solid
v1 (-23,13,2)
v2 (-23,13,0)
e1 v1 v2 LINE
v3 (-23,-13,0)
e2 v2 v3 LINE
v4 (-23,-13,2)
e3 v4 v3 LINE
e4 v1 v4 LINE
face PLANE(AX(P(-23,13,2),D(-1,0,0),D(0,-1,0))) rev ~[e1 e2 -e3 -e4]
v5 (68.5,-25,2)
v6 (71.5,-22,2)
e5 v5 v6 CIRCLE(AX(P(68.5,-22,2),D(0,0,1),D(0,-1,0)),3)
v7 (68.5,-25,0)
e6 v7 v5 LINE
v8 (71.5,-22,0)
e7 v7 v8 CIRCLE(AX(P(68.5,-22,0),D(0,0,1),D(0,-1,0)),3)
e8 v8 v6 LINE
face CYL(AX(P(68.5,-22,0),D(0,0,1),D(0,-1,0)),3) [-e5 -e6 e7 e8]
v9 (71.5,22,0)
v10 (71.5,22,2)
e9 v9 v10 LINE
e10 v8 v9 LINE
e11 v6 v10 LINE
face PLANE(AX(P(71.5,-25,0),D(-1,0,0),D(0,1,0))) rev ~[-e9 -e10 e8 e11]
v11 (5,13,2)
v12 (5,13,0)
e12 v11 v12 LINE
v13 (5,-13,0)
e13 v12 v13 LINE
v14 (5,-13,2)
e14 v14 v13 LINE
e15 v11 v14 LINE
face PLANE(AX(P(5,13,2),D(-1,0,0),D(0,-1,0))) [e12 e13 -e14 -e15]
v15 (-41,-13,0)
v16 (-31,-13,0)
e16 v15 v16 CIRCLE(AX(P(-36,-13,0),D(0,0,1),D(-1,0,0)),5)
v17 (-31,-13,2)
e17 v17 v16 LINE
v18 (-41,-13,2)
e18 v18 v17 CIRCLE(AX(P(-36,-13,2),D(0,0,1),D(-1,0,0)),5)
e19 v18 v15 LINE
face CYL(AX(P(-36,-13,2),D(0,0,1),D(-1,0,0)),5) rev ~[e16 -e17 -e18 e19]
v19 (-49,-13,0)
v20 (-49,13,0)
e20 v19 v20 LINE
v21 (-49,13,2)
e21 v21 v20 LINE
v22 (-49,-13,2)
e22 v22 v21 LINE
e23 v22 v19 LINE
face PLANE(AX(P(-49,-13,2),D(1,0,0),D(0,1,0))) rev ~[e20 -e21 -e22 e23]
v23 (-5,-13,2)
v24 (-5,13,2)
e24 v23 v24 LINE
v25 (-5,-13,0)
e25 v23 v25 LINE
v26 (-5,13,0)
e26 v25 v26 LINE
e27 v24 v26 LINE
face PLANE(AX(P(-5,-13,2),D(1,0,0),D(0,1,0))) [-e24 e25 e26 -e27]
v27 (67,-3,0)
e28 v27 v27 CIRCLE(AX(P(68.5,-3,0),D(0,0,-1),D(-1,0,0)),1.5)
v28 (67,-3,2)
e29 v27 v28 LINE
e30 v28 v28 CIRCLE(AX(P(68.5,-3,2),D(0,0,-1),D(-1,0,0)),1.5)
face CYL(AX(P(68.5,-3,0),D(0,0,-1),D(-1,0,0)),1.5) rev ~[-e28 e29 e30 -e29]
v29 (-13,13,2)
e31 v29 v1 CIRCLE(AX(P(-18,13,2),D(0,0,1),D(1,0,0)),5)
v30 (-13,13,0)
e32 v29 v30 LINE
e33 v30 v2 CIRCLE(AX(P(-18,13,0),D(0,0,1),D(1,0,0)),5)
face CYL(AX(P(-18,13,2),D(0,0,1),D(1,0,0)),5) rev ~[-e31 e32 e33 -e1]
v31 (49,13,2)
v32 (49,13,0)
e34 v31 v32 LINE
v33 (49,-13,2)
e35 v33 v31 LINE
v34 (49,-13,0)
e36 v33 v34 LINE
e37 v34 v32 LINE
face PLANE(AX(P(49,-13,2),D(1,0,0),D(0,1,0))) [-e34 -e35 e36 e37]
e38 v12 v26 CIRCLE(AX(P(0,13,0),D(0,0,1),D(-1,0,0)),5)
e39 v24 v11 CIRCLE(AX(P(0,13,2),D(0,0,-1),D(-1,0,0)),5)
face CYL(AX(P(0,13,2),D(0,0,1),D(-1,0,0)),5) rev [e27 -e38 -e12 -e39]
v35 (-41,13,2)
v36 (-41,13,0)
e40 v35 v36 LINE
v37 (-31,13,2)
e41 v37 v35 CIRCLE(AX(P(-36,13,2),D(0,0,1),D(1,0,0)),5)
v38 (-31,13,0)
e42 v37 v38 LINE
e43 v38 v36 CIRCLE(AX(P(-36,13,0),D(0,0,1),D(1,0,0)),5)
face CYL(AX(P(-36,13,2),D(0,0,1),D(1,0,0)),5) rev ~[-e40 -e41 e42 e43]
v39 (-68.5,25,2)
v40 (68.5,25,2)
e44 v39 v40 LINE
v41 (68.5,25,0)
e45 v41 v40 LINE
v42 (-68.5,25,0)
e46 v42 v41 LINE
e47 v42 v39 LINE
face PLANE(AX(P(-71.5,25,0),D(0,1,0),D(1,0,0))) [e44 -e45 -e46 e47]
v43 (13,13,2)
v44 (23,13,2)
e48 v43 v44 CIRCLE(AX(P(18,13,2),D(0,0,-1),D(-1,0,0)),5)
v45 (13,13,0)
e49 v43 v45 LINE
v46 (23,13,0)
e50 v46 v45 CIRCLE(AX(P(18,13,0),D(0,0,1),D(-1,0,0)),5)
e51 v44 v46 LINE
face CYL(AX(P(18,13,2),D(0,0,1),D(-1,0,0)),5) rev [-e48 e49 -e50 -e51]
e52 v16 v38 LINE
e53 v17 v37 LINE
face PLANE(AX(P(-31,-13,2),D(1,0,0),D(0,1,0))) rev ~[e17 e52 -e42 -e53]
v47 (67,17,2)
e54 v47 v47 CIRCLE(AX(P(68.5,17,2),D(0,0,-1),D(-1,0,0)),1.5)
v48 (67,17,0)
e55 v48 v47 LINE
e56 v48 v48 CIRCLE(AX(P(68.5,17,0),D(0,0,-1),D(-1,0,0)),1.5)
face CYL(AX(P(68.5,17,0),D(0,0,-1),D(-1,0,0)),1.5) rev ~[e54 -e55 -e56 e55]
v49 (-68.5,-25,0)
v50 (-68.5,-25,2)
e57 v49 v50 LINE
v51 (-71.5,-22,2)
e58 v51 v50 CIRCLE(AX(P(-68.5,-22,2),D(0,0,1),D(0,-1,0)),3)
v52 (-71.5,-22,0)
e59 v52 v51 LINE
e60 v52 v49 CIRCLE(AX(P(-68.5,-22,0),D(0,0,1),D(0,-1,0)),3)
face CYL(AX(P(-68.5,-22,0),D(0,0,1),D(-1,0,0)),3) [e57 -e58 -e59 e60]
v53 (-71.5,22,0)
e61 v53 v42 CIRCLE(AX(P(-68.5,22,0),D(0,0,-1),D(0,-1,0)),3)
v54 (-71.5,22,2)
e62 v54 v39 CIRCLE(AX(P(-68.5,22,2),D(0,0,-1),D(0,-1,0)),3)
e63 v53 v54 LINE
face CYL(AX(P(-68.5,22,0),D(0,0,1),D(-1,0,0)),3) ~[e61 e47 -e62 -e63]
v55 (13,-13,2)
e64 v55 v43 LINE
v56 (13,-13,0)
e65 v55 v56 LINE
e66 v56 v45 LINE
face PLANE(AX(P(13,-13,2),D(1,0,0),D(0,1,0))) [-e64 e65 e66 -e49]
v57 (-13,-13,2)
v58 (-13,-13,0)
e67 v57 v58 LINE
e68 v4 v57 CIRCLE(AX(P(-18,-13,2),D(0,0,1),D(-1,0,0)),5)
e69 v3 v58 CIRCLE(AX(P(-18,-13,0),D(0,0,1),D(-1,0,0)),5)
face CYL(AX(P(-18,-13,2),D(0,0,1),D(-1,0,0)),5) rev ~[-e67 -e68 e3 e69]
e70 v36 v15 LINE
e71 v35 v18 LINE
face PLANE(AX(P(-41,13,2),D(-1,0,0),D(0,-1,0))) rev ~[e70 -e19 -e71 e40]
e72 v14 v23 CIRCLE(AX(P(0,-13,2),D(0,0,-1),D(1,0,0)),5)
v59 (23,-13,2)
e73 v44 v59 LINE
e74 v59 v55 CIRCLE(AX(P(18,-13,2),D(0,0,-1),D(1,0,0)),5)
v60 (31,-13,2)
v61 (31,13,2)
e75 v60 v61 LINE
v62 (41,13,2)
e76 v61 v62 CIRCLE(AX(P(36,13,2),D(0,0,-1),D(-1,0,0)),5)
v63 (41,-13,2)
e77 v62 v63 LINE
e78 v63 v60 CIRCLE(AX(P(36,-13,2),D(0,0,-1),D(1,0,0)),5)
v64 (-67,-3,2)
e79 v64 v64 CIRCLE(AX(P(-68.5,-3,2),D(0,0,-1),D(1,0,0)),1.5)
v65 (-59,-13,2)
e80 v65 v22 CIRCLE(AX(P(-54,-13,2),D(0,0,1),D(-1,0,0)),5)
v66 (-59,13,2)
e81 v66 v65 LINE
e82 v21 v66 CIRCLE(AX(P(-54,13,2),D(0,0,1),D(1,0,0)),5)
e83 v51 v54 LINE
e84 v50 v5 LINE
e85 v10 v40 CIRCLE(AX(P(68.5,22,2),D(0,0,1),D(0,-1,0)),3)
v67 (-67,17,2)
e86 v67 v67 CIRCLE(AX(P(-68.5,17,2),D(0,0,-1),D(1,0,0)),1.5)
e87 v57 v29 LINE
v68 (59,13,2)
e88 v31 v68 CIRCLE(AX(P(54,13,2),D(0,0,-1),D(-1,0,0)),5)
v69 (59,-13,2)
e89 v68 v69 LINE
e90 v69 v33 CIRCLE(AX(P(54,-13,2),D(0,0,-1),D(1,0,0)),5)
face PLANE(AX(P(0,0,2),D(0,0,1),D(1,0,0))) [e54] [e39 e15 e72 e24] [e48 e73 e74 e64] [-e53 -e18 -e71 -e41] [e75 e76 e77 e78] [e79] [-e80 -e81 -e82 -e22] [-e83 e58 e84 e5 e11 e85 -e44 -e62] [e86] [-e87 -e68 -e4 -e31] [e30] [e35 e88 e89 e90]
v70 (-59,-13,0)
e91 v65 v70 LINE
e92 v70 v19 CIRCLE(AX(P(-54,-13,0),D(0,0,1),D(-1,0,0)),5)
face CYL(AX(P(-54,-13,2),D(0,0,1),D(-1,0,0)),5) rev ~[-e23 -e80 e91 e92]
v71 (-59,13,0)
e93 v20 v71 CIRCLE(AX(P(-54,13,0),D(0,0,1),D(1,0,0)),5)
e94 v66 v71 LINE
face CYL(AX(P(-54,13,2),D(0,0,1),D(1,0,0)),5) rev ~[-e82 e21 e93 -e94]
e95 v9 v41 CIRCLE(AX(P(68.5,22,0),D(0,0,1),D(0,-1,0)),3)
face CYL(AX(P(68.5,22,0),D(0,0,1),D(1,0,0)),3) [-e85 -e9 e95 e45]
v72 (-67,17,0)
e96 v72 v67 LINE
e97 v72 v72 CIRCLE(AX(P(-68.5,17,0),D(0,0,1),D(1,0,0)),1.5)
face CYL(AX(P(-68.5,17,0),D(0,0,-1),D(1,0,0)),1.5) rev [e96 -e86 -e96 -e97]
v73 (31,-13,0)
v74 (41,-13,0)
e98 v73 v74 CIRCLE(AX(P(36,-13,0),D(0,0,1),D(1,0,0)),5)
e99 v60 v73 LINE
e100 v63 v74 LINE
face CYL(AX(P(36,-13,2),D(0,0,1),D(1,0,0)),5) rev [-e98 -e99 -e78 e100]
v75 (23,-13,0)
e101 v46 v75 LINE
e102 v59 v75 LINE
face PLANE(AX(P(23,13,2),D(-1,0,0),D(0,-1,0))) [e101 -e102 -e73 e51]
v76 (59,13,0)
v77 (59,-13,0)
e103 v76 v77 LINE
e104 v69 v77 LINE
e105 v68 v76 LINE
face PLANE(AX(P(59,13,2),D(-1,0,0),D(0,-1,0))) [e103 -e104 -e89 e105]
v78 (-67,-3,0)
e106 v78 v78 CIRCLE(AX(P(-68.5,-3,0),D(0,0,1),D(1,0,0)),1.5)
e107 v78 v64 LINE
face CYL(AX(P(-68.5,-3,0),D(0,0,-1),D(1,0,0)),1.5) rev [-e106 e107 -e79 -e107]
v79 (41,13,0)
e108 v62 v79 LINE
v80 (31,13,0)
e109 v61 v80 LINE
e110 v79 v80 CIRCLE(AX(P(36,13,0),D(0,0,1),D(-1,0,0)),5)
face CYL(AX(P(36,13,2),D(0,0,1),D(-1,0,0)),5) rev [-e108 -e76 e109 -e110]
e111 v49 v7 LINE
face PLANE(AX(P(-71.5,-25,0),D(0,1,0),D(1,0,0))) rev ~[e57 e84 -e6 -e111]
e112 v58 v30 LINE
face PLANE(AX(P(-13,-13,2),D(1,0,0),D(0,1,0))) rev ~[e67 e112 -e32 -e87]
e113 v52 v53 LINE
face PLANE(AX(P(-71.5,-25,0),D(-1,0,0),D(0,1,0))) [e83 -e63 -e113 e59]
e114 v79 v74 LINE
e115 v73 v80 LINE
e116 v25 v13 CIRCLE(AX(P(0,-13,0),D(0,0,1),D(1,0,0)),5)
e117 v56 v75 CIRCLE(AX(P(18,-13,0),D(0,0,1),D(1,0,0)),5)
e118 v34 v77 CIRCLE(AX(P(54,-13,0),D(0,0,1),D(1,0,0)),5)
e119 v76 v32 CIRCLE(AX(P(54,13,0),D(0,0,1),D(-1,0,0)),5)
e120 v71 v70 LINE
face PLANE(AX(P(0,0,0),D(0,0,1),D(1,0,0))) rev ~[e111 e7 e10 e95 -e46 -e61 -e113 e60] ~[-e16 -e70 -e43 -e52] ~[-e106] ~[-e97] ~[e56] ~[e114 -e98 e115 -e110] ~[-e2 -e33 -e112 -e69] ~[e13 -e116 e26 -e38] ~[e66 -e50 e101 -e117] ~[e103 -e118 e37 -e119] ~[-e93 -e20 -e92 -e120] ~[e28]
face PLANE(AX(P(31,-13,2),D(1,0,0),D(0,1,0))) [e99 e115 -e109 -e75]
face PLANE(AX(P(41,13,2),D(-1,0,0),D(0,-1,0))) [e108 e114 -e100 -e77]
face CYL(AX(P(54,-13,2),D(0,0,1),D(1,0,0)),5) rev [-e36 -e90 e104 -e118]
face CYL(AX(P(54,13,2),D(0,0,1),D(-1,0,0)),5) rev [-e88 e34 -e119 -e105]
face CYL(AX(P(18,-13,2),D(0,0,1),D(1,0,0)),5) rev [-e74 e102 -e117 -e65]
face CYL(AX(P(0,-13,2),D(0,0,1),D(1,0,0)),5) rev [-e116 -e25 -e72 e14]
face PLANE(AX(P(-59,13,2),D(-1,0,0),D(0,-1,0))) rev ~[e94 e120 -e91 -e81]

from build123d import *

# Parameters (mm, degrees)
SKETCH_1_W          = 143
SKETCH_1_H          = 50
EXTRUDE_1_DEPTH     = 2
FILLET_1_R          = 3
CUT_EXTRUDE_1_DEPTH = 10
SKETCH_7_R          = 1.5
CUT_EXTRUDE_2_DEPTH = 10


with BuildPart() as part:
    # 草图1 → 凸台-拉伸1 (new body)
    with BuildSketch(Plane.XY):
        Rectangle(SKETCH_1_W, SKETCH_1_H)
    extrude(amount=EXTRUDE_1_DEPTH)

    # 圆角1
    fillet_1_edges = [part.edges().sort_by_distance(p)[0] for p in [
        (-71.5, 25, 1),
        (71.5, 25, 1),
        (71.5, -25, 1),
        (-71.5, -25, 1),
    ]]
    fillet(fillet_1_edges, radius=FILLET_1_R)

    # 草图2 → 切除-拉伸1 (cut)
    with BuildSketch(Plane.XY.offset(2)):
        with BuildLine():
            Line((5, 13), (5, -13))
            ThreePointArc((5, -13), (0, -18), (-5, -13))
            Line((-5, -13), (-5, 13))
            ThreePointArc((-5, 13), (0, 18), (5, 13))
        make_face()
        with BuildLine():
            Line((23, 13), (23, -13))
            ThreePointArc((23, -13), (18, -18), (13, -13))
            Line((13, -13), (13, 13))
            ThreePointArc((13, 13), (18, 18), (23, 13))
        make_face()
        with BuildLine():
            Line((41, 13), (41, -13))
            ThreePointArc((41, -13), (36, -18), (31, -13))
            Line((31, -13), (31, 13))
            ThreePointArc((31, 13), (36, 18), (41, 13))
        make_face()
        with BuildLine():
            Line((59, 13), (59, -13))
            ThreePointArc((59, -13), (54, -18), (49, -13))
            Line((49, -13), (49, 13))
            ThreePointArc((49, 13), (54, 18), (59, 13))
        make_face()
        with BuildLine():
            Line((-59, 13), (-59, -13))
            ThreePointArc((-59, -13), (-54, -18), (-49, -13))
            Line((-49, -13), (-49, 13))
            ThreePointArc((-49, 13), (-54, 18), (-59, 13))
        make_face()
        with BuildLine():
            Line((-41, 13), (-41, -13))
            ThreePointArc((-41, -13), (-36, -18), (-31, -13))
            Line((-31, -13), (-31, 13))
            ThreePointArc((-31, 13), (-36, 18), (-41, 13))
        make_face()
        with BuildLine():
            Line((-23, 13), (-23, -13))
            ThreePointArc((-23, -13), (-18, -18), (-13, -13))
            Line((-13, -13), (-13, 13))
            ThreePointArc((-13, 13), (-18, 18), (-23, 13))
        make_face()
    extrude(amount=-CUT_EXTRUDE_1_DEPTH, mode=Mode.SUBTRACT)

    # 草图7 → 切除-拉伸2 (cut)
    with BuildSketch(Plane(origin=(0, 0, 0), x_dir=(-1, 0, 0), z_dir=(0, 0, -1))):
        with Locations((-68.5, -3)):
            Circle(SKETCH_7_R)
        with Locations((-68.5, 17)):
            Circle(SKETCH_7_R)
    cut_extrude_2 = extrude(amount=-CUT_EXTRUDE_2_DEPTH, mode=Mode.SUBTRACT)

    # 镜向2: 切除-拉伸2 across plane
    add(cut_extrude_2.mirror(Plane.ZY), mode=Mode.SUBTRACT)


solid = part.part
